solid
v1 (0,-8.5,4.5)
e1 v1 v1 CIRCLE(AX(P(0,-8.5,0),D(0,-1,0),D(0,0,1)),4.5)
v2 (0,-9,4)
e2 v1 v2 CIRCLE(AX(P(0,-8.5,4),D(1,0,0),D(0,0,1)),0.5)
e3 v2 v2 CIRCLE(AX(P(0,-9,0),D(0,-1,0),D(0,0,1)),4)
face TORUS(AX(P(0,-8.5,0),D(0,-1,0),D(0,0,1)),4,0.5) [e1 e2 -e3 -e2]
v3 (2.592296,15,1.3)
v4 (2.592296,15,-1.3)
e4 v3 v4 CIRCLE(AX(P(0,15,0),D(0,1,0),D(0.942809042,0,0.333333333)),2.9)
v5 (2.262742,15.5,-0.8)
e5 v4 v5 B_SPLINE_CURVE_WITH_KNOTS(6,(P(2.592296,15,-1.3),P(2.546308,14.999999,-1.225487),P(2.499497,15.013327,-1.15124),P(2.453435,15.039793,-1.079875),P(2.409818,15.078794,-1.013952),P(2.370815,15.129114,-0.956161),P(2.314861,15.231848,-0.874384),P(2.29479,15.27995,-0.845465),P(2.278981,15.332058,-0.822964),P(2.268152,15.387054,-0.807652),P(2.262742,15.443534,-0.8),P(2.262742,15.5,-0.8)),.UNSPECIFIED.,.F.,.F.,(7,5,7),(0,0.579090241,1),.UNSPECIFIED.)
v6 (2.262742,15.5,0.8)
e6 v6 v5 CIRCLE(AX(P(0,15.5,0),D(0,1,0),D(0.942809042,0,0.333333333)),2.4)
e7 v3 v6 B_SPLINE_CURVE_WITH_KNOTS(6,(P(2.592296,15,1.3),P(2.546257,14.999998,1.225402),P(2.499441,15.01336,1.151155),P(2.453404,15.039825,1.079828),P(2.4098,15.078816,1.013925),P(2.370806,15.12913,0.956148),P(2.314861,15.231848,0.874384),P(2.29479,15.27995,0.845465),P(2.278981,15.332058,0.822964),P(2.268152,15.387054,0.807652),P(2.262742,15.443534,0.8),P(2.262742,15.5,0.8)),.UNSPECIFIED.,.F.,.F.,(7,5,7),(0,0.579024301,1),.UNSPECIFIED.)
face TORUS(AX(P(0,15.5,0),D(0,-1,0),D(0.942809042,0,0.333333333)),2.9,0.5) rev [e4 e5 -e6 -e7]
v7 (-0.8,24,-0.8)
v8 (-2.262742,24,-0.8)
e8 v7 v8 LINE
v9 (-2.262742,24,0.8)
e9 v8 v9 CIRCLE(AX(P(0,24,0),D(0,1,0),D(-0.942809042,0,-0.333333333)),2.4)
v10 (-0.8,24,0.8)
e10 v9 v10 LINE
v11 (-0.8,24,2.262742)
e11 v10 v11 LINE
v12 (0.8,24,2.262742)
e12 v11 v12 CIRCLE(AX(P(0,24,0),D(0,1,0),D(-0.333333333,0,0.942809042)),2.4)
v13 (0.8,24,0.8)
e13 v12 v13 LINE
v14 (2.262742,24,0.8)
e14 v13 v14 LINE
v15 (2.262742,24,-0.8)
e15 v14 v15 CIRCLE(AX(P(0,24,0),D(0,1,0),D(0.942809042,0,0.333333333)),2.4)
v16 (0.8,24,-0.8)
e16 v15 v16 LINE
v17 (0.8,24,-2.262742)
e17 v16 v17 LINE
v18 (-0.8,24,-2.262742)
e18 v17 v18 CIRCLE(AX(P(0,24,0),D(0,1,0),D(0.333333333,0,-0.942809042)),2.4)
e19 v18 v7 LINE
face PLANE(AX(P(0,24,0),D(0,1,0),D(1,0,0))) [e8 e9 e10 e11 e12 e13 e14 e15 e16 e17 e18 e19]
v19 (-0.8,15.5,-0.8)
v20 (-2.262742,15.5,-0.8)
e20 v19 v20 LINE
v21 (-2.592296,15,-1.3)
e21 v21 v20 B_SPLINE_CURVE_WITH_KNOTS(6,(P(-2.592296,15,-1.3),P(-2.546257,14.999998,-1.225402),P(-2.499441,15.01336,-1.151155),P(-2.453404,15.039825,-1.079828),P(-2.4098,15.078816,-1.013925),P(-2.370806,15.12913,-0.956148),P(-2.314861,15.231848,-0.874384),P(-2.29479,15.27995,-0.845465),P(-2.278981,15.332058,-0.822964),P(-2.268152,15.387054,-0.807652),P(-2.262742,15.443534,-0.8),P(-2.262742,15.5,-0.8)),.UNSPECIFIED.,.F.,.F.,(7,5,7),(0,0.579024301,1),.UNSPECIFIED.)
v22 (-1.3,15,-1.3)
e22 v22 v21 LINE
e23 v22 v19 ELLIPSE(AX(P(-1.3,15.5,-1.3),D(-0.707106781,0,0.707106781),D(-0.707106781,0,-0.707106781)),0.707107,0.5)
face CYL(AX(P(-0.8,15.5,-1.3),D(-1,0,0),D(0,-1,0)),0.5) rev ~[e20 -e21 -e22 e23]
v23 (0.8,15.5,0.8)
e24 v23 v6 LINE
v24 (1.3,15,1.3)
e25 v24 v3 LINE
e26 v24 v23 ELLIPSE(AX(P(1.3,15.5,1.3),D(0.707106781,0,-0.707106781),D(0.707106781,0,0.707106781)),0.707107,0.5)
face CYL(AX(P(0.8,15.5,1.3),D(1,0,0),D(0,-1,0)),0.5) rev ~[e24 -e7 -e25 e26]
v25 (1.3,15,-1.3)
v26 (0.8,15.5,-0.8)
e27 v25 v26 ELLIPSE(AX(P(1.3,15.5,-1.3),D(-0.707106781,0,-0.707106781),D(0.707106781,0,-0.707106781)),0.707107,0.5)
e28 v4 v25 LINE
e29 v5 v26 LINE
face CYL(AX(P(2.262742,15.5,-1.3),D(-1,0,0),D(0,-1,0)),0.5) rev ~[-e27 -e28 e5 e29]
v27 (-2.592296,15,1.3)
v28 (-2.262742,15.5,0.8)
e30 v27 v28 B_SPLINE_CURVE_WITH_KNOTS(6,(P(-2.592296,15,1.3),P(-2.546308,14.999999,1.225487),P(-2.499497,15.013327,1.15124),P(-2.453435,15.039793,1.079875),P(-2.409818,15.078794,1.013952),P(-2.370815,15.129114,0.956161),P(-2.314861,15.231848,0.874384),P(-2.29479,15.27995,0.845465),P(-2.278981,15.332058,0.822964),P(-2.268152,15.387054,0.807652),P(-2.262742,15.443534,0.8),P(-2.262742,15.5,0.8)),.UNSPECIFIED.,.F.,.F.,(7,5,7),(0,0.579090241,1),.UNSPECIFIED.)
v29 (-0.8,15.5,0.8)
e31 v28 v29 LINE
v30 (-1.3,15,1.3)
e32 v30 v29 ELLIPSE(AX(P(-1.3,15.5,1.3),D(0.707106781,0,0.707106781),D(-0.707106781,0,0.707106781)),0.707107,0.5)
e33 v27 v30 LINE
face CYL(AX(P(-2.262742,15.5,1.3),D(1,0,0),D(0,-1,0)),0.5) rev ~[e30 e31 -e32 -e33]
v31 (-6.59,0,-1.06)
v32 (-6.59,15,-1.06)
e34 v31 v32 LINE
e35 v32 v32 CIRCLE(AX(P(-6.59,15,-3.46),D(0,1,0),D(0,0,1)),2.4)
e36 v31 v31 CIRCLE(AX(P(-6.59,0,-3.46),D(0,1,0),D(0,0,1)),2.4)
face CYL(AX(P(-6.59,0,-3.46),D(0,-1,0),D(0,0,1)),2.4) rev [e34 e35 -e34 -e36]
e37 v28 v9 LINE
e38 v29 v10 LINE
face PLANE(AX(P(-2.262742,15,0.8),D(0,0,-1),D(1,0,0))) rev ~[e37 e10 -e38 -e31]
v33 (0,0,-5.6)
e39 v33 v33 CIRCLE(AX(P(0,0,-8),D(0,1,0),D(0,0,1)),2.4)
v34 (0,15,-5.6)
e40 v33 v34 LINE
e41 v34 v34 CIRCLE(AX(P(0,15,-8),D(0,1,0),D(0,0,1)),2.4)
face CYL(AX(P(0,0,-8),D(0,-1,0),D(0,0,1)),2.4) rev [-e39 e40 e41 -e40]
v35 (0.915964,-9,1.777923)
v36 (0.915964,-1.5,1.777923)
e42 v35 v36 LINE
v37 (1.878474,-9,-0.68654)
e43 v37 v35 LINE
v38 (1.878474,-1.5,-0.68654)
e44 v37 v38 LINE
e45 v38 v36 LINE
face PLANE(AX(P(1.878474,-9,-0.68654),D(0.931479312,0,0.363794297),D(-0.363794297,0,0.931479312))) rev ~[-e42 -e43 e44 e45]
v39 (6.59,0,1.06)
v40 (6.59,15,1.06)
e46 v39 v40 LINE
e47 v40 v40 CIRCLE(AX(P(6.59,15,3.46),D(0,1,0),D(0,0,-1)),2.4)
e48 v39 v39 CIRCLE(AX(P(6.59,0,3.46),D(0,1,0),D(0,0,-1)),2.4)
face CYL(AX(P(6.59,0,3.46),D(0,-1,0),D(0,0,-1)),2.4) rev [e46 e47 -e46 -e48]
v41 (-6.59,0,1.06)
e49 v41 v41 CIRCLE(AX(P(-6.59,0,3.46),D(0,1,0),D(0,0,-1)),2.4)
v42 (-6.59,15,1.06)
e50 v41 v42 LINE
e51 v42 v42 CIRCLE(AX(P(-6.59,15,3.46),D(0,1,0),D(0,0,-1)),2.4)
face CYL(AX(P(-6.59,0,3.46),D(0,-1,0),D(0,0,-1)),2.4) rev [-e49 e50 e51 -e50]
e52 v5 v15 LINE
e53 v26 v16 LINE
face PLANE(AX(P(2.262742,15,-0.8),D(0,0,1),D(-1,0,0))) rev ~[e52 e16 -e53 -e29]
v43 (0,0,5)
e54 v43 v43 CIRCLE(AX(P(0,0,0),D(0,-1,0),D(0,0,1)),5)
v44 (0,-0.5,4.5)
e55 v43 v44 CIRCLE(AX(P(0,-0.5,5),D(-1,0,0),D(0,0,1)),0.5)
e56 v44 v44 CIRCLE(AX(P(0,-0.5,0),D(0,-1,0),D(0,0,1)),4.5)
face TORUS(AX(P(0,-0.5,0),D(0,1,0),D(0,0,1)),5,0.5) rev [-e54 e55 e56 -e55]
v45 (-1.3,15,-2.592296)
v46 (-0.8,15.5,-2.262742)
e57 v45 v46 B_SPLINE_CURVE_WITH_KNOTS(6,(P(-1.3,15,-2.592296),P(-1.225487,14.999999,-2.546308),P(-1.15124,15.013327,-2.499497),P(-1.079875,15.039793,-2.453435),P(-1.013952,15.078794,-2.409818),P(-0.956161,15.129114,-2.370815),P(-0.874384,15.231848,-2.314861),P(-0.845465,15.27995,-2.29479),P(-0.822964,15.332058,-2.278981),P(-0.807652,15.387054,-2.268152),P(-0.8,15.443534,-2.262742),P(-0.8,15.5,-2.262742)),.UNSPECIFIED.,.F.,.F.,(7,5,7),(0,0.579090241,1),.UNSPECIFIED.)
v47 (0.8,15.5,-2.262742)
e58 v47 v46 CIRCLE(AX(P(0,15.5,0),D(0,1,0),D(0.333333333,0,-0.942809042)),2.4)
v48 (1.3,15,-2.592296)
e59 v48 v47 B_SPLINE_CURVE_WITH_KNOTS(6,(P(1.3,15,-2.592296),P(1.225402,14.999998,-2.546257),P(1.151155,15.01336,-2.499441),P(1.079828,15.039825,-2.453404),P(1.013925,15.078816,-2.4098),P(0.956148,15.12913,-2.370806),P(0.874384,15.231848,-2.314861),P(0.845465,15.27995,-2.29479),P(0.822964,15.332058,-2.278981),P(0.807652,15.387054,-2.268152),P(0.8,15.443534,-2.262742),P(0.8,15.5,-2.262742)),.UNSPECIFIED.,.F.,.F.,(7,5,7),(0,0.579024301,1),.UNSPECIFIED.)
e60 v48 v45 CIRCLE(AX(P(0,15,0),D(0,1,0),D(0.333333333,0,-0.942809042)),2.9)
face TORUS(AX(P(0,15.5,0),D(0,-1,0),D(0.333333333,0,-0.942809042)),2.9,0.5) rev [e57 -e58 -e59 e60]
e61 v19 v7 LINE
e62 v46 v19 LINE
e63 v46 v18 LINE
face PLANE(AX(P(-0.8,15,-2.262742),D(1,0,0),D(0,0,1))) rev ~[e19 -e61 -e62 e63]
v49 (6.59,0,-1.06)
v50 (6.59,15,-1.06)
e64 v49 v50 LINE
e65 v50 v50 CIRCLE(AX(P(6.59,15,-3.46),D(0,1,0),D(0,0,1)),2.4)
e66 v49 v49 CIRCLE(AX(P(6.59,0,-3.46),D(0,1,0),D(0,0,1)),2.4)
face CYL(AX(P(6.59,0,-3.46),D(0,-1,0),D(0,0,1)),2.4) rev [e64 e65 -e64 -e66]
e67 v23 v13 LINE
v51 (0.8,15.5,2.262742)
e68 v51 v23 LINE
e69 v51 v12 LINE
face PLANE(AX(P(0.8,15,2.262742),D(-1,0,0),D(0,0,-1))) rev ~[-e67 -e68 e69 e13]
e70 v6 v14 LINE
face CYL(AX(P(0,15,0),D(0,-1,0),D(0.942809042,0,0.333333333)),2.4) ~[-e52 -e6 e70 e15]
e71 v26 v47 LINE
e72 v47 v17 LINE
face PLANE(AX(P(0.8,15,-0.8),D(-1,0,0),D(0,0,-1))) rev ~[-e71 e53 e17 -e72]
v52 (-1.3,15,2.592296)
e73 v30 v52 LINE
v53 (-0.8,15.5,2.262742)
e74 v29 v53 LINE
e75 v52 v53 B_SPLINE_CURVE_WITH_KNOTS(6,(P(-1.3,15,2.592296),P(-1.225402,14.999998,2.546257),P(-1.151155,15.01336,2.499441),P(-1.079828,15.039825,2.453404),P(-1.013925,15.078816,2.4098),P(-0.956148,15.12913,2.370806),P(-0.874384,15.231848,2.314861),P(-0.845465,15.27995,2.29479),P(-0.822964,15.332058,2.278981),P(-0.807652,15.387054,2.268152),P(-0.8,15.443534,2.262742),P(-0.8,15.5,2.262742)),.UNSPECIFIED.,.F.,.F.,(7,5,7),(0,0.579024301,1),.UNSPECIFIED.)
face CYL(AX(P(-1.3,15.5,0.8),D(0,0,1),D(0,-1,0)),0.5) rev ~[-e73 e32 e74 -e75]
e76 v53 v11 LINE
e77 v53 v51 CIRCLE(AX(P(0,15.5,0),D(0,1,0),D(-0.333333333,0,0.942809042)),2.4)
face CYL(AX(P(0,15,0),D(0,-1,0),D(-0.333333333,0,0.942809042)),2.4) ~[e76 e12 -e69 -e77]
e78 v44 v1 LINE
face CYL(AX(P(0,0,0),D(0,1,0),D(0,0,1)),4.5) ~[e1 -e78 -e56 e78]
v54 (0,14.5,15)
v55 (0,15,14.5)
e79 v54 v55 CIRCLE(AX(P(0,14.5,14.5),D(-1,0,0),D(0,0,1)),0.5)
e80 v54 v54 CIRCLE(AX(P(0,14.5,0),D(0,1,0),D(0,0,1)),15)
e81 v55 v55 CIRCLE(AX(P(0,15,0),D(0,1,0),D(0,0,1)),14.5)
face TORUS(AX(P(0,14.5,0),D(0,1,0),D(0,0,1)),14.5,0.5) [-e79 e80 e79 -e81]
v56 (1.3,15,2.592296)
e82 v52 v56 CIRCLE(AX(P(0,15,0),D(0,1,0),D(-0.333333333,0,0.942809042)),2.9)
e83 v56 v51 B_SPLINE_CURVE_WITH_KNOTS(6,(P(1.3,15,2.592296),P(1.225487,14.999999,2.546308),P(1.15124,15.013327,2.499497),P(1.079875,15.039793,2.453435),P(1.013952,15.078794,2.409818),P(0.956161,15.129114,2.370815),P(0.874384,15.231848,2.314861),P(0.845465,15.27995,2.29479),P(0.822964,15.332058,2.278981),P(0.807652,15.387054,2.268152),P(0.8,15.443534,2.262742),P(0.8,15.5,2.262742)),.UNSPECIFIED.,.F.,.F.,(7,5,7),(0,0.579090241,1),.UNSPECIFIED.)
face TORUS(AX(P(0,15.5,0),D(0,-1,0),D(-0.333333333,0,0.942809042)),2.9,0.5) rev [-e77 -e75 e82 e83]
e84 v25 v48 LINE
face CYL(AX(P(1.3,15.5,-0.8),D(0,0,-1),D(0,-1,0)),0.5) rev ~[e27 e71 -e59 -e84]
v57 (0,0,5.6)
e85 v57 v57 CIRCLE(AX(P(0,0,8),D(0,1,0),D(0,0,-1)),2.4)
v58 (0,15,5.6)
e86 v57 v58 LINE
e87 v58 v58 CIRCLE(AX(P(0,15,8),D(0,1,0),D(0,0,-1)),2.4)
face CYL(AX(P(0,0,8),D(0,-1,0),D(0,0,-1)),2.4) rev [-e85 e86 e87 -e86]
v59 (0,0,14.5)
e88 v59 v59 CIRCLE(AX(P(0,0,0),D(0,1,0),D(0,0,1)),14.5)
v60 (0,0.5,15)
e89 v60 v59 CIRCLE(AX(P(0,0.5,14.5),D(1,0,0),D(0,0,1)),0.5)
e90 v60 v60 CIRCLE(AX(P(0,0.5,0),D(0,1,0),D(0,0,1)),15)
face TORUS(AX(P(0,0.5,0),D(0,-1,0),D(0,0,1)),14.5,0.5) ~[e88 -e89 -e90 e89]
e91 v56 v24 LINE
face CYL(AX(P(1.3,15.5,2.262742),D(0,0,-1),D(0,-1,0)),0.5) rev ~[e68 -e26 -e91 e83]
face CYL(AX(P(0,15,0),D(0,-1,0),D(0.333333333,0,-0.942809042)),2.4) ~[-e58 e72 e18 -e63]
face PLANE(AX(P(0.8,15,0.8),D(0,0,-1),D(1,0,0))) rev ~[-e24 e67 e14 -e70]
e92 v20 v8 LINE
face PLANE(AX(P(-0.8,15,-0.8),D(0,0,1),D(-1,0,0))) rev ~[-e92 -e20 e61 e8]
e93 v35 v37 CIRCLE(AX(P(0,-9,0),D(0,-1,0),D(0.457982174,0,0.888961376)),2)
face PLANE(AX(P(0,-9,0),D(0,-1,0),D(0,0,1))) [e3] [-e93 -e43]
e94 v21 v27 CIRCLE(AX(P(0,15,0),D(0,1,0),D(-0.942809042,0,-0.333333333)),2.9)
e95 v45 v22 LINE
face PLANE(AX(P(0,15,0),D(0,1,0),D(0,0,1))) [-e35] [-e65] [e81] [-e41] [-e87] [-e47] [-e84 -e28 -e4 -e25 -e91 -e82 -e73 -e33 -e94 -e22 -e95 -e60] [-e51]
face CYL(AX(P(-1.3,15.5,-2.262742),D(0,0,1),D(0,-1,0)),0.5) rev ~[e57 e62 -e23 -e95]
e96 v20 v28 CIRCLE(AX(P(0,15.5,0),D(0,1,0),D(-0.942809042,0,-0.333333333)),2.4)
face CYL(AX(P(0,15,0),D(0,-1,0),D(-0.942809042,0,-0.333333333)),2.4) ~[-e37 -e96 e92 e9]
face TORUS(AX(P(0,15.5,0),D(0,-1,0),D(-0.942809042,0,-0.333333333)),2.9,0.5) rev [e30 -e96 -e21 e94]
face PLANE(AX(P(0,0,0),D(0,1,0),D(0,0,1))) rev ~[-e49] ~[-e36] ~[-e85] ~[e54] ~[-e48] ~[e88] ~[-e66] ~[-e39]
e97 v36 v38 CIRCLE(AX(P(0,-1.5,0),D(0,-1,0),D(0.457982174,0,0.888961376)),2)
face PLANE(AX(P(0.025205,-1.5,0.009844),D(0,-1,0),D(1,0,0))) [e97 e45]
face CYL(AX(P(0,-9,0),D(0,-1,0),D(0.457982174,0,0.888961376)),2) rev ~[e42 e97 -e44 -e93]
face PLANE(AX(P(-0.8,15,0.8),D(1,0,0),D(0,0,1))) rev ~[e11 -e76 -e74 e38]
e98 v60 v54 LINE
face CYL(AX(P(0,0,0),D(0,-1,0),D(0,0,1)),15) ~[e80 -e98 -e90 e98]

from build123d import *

# Parameters (mm, degrees)
ESBO_O2_R                = 15
RESSALTO_EXTRUS_O3_DEPTH = 15
ESBO_O1_R                = 2.4
CORTE_EXTRUS_O4_DEPTH    = 15
RESSALTO_EXTRUS_O4_DEPTH = 9
ESBO_O5_R                = 4.5
RESSALTO_EXTRUS_O5_DEPTH = 9
CORTE_EXTRUS_O7_DEPTH    = 7.5
FILETE3_R                = 0.5


with BuildPart() as part:
    # Esboço2 → Ressalto-extrusão3 (new body)
    with BuildSketch(Plane(origin=(0, 0, 0), x_dir=(1, 0, 0), z_dir=(0, 1, 0))):
        with Locations(Location((0, 0, 0), (0, 0, 270))):
            Circle(ESBO_O2_R)
    extrude(amount=RESSALTO_EXTRUS_O3_DEPTH)

    # Esboço1 → Corte-extrusão4 (cut)
    with BuildSketch(Plane(origin=(0, 0, 0), x_dir=(1, 0, 0), z_dir=(0, 1, 0))):
        with Locations(Location((-6.59, 3.46, 0), (0, 0, 270))):
            Circle(ESBO_O1_R)
        with Locations(Location((6.59, 3.46, 0), (0, 0, 270))):
            Circle(ESBO_O1_R)
        with Locations(Location((6.59, -3.46, 0), (0, 0, 90))):
            Circle(ESBO_O1_R)
        with Locations(Location((0, 8, 0), (0, 0, 270))):
            Circle(ESBO_O1_R)
        with Locations(Location((0, -8, 0), (0, 0, 90))):
            Circle(ESBO_O1_R)
        with Locations(Location((-6.59, -3.46, 0), (0, 0, 90))):
            Circle(ESBO_O1_R)
    extrude(amount=CORTE_EXTRUS_O4_DEPTH, mode=Mode.SUBTRACT)

    # Esboço3 → Ressalto-extrusão4 (add)
    with BuildSketch(Plane(origin=(0, 15, 0), x_dir=(1, 0, 0), z_dir=(0, 1, 0))):
        with BuildLine():
            Line((0.8, -0.8), (2.2627417, -0.8))
            ThreePointArc((2.2627417, -0.8), (2.4, 0), (2.2627417, 0.8))
            Line((2.2627417, 0.8), (0.8, 0.8))
            Line((0.8, 0.8), (0.8, 2.2627417))
            ThreePointArc((0.8, 2.2627417), (0, 2.4), (-0.8, 2.2627417))
            Line((-0.8, 2.2627417), (-0.8, 0.8))
            Line((-0.8, 0.8), (-2.2627417, 0.8))
            ThreePointArc((-2.2627417, 0.8), (-2.4, 0), (-2.2627417, -0.8))
            Line((-2.2627417, -0.8), (-0.8, -0.8))
            Line((-0.8, -0.8), (-0.8, -2.2627417))
            ThreePointArc((-0.8, -2.2627417), (0, -2.4), (0.8, -2.2627417))
            Line((0.8, -2.2627417), (0.8, -0.8))
        make_face()
    extrude(amount=RESSALTO_EXTRUS_O4_DEPTH)

    # Esboço5 → Ressalto-extrusão5 (add)
    with BuildSketch(Plane.XZ):
        with Locations(Location((0, 0, 0), (0, 0, 90))):
            Circle(ESBO_O5_R)
    extrude(amount=RESSALTO_EXTRUS_O5_DEPTH)

    # Esboço6 → Corte-extrusão7 (cut)
    with BuildSketch(Plane.XZ.offset(9)):
        with BuildLine():
            Line((1.878473588, -0.68653986), (0.915964349, 1.777922752))
            ThreePointArc((0.915964349, 1.777922752), (-1.862958624, -0.727588595), (1.878473588, -0.68653986))
        make_face()
    extrude(amount=-CORTE_EXTRUS_O7_DEPTH, mode=Mode.SUBTRACT)

    # Filete3
    filete3_edges = [part.edges().sort_by_distance(p)[0] for p in [
        (0, 0, -15),
        (1.53137085, 15, 0.8),
        (2.4, 15, 0),
        (0.8, 15, -1.53137085),
        (0, 15, -2.4),
        (-1.53137085, 15, -0.8),
        (-2.4, 15, 0),
        (0, 15, -15),
        (-0.8, 15, 1.53137085),
        (0, 15, 2.4),
        (0.8, 15, 1.53137085),
        (-1.53137085, 15, 0.8),
        (-0.8, 15, -1.53137085),
        (1.53137085, 15, -0.8),
        (0, 0, -4.5),
        (0, -9, -4.5),
    ]]
    fillet(filete3_edges, radius=FILETE3_R)


solid = part.part
